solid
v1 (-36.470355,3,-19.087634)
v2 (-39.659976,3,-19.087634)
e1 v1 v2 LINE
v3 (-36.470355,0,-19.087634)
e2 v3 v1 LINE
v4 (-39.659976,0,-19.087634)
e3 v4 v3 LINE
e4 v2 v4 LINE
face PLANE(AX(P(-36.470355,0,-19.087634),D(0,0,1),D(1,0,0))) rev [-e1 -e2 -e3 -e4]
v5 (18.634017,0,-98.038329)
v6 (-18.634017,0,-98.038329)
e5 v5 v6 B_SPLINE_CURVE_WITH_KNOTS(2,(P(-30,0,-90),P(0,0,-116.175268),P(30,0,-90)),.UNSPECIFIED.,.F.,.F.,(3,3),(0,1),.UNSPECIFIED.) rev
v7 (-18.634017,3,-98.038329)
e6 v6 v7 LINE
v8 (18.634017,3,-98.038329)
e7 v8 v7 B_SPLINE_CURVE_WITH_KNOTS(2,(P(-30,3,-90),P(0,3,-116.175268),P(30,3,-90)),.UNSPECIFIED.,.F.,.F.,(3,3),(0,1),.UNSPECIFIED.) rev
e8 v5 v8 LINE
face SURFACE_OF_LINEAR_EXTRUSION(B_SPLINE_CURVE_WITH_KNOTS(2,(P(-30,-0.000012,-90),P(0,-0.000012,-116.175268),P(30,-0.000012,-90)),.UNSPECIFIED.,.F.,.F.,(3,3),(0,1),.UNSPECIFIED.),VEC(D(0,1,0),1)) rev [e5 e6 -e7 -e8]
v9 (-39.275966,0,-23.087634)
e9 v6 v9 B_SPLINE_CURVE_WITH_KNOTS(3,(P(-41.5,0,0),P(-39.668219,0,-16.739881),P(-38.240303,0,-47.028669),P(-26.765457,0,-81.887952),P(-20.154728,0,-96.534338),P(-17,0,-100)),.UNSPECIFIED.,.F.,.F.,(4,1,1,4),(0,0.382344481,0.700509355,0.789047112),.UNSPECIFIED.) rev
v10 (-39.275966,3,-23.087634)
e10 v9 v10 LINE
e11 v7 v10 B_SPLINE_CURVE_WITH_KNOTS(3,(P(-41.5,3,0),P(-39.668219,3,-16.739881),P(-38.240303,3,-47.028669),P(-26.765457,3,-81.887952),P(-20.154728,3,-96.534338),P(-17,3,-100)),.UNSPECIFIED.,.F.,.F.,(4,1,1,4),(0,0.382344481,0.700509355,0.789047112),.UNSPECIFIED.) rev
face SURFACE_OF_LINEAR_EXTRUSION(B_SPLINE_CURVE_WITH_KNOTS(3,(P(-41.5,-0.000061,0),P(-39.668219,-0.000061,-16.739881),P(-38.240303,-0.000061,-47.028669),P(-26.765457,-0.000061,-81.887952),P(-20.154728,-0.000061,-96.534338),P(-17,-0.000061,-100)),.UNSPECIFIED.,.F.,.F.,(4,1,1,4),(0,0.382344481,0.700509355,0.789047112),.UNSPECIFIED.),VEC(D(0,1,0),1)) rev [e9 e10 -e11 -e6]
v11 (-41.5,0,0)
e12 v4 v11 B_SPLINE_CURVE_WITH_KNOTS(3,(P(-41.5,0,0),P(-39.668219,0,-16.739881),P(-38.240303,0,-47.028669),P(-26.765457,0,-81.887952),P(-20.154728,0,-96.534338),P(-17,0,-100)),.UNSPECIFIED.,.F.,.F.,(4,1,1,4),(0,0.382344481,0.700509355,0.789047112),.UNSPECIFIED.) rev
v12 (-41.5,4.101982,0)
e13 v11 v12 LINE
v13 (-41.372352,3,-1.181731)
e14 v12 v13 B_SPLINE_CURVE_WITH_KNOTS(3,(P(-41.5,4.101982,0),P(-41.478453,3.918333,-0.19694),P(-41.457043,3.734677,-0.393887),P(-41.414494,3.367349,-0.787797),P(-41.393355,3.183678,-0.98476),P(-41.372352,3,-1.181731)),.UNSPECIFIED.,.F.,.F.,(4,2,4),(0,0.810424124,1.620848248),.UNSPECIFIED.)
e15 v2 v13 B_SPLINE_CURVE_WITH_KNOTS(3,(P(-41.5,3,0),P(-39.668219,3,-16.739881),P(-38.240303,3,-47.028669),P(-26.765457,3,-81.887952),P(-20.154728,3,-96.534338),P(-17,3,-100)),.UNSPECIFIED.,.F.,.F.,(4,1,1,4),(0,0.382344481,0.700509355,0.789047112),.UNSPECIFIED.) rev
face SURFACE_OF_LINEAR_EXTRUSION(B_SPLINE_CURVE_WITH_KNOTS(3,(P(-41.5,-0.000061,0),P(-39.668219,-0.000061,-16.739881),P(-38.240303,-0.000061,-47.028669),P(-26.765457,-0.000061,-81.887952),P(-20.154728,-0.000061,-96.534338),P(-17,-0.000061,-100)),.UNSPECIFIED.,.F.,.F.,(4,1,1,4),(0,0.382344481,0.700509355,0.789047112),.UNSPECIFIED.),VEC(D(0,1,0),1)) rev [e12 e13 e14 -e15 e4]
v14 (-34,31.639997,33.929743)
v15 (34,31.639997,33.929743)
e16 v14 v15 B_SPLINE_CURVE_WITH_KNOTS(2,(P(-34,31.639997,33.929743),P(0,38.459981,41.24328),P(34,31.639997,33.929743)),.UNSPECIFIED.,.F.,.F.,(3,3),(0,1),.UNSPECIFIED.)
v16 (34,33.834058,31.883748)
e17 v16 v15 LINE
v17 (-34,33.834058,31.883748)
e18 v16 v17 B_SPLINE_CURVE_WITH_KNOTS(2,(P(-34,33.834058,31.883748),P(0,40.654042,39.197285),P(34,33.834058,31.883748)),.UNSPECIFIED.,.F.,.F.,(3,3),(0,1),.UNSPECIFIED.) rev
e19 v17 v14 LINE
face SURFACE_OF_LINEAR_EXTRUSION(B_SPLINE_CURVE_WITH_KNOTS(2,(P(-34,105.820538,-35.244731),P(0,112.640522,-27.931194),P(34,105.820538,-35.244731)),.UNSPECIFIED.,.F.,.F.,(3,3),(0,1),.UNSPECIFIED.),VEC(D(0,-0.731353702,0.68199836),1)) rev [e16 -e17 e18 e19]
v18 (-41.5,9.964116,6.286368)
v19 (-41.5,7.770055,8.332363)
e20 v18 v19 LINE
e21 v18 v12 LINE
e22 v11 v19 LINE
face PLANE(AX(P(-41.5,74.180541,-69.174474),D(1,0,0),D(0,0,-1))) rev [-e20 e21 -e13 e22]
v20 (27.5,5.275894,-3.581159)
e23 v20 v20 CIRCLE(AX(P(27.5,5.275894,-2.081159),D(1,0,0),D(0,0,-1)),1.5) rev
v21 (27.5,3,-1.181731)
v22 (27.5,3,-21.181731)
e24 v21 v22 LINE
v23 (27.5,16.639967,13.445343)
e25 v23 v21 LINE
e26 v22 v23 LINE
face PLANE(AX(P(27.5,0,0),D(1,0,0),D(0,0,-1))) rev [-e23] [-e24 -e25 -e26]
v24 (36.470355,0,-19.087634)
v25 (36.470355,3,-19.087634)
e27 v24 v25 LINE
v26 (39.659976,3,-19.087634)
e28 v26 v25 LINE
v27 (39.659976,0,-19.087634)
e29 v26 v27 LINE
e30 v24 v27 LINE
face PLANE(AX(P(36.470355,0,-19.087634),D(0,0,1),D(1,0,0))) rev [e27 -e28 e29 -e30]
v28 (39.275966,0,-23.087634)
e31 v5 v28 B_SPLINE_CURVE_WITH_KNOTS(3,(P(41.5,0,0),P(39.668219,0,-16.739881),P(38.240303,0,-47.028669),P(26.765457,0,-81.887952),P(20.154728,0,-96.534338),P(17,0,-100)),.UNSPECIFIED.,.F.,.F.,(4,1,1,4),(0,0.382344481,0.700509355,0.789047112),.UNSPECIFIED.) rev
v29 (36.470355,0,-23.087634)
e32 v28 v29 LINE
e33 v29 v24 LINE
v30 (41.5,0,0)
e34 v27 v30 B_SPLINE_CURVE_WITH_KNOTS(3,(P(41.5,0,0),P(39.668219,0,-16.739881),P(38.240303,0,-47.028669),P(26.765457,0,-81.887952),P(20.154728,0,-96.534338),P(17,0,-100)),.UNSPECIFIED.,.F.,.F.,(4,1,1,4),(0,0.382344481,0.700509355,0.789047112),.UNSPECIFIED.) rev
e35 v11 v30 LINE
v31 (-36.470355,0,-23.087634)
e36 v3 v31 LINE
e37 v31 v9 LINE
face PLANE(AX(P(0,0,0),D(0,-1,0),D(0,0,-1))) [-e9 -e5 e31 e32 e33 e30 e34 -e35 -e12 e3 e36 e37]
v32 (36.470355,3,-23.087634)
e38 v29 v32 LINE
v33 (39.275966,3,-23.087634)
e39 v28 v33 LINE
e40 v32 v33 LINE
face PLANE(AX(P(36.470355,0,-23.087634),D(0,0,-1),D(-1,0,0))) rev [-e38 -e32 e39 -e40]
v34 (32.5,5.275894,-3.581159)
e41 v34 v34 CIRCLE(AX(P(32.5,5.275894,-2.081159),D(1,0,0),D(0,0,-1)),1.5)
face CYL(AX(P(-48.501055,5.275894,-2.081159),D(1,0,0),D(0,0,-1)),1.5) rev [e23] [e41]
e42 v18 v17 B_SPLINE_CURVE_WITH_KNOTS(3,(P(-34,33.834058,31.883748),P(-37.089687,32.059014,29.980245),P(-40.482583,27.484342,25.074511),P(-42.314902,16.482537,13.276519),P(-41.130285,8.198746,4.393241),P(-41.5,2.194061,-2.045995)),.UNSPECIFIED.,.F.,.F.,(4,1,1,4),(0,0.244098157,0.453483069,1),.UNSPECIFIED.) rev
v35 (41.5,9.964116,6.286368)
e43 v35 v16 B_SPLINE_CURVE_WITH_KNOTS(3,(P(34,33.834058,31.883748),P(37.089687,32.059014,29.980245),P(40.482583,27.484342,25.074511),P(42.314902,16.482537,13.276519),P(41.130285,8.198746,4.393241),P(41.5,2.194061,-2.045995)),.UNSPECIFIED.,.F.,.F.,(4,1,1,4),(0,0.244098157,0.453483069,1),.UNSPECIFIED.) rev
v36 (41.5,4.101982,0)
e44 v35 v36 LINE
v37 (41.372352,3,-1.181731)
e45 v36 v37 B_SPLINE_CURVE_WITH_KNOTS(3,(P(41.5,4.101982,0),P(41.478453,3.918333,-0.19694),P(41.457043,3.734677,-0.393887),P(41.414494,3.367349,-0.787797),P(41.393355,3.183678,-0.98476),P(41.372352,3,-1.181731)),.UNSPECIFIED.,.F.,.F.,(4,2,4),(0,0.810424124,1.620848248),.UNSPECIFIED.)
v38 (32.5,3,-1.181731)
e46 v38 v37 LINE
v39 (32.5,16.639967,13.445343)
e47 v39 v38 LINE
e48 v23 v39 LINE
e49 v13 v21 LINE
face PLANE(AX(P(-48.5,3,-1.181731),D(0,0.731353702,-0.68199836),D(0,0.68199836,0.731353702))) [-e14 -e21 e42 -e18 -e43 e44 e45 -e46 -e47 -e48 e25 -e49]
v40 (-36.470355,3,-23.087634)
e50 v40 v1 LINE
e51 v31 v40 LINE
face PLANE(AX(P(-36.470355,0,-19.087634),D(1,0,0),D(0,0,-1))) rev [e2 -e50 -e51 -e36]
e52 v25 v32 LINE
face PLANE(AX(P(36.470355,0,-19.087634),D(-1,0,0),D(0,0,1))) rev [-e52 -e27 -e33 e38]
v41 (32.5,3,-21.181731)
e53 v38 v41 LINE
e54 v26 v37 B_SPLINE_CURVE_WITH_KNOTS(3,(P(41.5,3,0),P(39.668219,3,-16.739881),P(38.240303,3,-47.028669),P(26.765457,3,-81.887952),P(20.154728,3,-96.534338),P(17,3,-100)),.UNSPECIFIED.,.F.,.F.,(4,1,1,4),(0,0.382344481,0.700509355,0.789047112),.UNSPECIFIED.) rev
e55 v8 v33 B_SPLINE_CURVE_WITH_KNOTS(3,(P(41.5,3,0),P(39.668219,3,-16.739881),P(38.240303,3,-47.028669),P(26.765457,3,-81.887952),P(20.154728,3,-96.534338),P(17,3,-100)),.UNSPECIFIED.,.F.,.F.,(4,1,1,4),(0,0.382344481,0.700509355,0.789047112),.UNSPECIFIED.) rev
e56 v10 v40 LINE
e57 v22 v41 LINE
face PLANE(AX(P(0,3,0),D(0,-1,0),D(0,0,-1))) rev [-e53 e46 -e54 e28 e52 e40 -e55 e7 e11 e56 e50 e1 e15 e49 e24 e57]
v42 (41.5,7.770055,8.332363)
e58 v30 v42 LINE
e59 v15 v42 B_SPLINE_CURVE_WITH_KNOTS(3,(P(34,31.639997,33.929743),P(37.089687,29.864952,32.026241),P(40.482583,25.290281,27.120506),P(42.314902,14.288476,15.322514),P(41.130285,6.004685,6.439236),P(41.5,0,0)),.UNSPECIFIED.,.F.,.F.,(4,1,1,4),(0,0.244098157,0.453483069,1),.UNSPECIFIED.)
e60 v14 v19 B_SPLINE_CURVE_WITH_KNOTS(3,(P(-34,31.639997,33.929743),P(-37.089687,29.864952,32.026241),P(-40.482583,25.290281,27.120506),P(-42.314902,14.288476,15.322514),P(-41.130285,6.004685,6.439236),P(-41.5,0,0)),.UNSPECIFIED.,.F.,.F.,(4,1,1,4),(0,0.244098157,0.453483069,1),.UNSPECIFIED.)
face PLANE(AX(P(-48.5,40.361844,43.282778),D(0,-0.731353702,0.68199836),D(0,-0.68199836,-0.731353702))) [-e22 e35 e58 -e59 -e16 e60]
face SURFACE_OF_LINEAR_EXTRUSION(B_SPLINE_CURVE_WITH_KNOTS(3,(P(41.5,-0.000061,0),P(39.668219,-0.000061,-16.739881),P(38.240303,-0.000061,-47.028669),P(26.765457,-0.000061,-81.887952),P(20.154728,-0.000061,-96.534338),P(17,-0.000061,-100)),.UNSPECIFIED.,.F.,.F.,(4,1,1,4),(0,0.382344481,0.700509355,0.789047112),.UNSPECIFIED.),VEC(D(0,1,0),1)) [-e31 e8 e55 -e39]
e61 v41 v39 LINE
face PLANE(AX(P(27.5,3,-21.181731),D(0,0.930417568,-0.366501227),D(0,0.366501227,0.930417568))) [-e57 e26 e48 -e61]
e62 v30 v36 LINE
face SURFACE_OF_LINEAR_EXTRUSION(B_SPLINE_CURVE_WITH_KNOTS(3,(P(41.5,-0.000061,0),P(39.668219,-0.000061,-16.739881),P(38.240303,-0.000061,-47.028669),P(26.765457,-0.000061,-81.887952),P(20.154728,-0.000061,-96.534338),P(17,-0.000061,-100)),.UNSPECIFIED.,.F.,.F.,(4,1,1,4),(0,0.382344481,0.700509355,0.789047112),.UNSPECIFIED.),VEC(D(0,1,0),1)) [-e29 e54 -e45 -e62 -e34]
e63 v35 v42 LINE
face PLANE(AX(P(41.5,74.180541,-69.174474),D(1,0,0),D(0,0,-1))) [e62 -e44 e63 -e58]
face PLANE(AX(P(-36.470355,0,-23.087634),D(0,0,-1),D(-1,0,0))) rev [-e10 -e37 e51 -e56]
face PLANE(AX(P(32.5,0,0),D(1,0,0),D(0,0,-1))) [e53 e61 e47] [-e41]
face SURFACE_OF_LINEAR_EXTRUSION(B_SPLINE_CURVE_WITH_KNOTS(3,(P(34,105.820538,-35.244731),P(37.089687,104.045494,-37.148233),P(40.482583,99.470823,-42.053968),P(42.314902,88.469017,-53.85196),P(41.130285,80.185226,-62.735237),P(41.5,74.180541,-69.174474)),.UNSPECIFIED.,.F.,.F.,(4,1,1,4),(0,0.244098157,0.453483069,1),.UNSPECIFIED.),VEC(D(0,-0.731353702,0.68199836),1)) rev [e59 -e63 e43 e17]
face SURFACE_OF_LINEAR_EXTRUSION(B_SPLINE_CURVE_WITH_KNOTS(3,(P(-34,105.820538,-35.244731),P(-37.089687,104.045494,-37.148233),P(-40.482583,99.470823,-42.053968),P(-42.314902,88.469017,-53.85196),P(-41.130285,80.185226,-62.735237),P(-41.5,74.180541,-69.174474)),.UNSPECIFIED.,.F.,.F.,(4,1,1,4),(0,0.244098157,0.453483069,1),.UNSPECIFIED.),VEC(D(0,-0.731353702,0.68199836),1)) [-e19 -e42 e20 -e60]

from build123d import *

# Parameters (mm, degrees)
BOSS_EXTRUDE3_DEPTH      = 48.5
BOSS_EXTRUDE3_DEPTH_BACK = 48.5
SKETCH5_W                = 97
SKETCH5_H                = 112
BOSS_EXTRUDE4_DEPTH      = 3
CUT_EXTRUDE2_DEPTH       = 130.256547379
CUT_EXTRUDE2_DEPTH_BACK  = 130.256547379
CUT_EXTRUDE4_DEPTH       = 3
BOSS_EXTRUDE5_DEPTH      = 2.5
BOSS_EXTRUDE5_DEPTH_BACK = 2.5
BOSS_EXTRUDE5_START      = 30
CUT_EXTRUDE5_REACH       = 139.837
SKETCH7_R                = 1.5
CUT_EXTRUDE6_DEPTH       = 122.615440307
CUT_EXTRUDE6_DEPTH_BACK  = 122.615440307
CUT_EXTRUDE7_DEPTH       = 122.12407756
CUT_EXTRUDE7_DEPTH_BACK  = 122.12407756
CUT_EXTRUDE8_DEPTH       = 117.339027133
CUT_EXTRUDE8_DEPTH_BACK  = 117.339027133
SKETCH10_W               = 6
SKETCH10_H               = 4


with BuildPart() as part:
    # Sketch2 → Boss-Extrude3 (new, two sides: drawn at the far end of the back side and taken through both)
    with BuildSketch(Plane(origin=(0, 0, 0), x_dir=(0, 0, -1), z_dir=(1, 0, 0)).offset(-BOSS_EXTRUDE3_DEPTH_BACK)):
        Polygon((0, 3), (0, 0), (-43.282778347, 40.361843779), (-41.236783267, 42.555904884), (1.181731427, 3), align=None)
    extrude(amount=BOSS_EXTRUDE3_DEPTH + BOSS_EXTRUDE3_DEPTH_BACK)

    # Sketch5 → Boss-Extrude4 (add)
    with BuildSketch(Plane(origin=(0, 0, 0), x_dir=(1, 0, 0), z_dir=(0, 1, 0))):
        with Locations((0, 56)):
            Rectangle(SKETCH5_W, SKETCH5_H)
    extrude(amount=BOSS_EXTRUDE4_DEPTH)

    # Sketch1 → Cut-Extrude2 (cut, two sides: drawn at the far end of the back side and taken through both)
    with BuildSketch(Plane(origin=(0, 0, 0), x_dir=(1, 0, 0), z_dir=(0, 1, 0)).offset(-CUT_EXTRUDE2_DEPTH_BACK)):
        with BuildLine():
            Line((-48.5, 112), (-48.5, 0))
            add(Edge.make_bspline(
                [(-48.5, 0), (-46.668219381, 16.73988075), (-45.240302981, 47.028669482), (-35.05303198, 77.976446005), (-30, 90)],
                knots=[0, 0, 0, 0, 0.382344481, 0.700509355, 0.700509355, 0.700509355, 0.700509355], degree=3))
            add(Edge.make_bspline(
                [(-30, 90), (0, 116.175267558), (30, 90)],
                knots=[0, 0, 0, 1, 1, 1], degree=2))
            add(Edge.make_bspline(
                [(48.5, 0), (46.668219381, 16.73988075), (45.240302981, 47.028669482), (35.05303198, 77.976446005), (30, 90)],
                knots=[0, 0, 0, 0, 0.382344481, 0.700509355, 0.700509355, 0.700509355, 0.700509355], degree=3))
            Line((48.5, 0), (48.5, 112))
            Line((48.5, 112), (0.000604535, 112))
            add(Edge.make_bspline(
                [(0.000604535, 112), (0.000402118, 112.000000335), (0.000200606, 112), (0, 112)],
                knots=[0.499749242, 0.499749242, 0.499749242, 0.499749242, 0.5, 0.5, 0.5, 0.5], degree=3))
            add(Edge.make_bspline(
                [(-0.000604535, 112), (-0.000402118, 112.000000335), (-0.000200606, 112), (0, 112)],
                knots=[0.499749242, 0.499749242, 0.499749242, 0.499749242, 0.5, 0.5, 0.5, 0.5], degree=3))
            Line((-0.000604535, 112), (-48.5, 112))
        make_face()
    extrude(amount=CUT_EXTRUDE2_DEPTH + CUT_EXTRUDE2_DEPTH_BACK, mode=Mode.SUBTRACT)

    # Sketch3 → Cut-Extrude4 (cut)
    with BuildSketch(Plane(origin=(0, 2.194061105, -2.04599508), x_dir=(1, 0, 0), z_dir=(0, 0.7313537016191954, -0.6819983600624717))):
        with BuildLine():
            add(Edge.make_bspline(
                [(0.003253746, -59.181731489), (0.002169164, -59.181731447), (0.001084582, -59.181731427), (-11.666666667, -59.181731427), (-23.333333333, -58.181731427), (-35, -56.181731427)],
                knots=[0.5, 0.5, 0.5, 0.5, 0.500017125, 0.500017125, 0.68423249, 0.68423249, 0.68423249, 0.68423249], degree=3))
            add(Edge.make_bspline(
                [(-48.5, -21.181731427), (-48.417358315, -22.852595783), (-47.967318833, -26.18014585), (-47.488346612, -31.180984412), (-47.077284528, -36.21090256), (-46.163364333, -41.331987069), (-44.016260247, -46.352305403), (-40.960990685, -51.961105588), (-37.244446824, -54.910271793), (-35, -56.181731427)],
                knots=[0.083959733, 0.083959733, 0.083959733, 0.083959733, 0.112085896, 0.140212058, 0.168338221, 0.196879042, 0.227021509, 0.259659186, 0.303375618, 0.303375618, 0.303375618, 0.303375618], degree=3))
            Line((-48.5, -21.181731427), (-48.5, -61.181731427))
            Line((-48.5, -61.181731427), (48.5, -61.181731427))
            Line((48.5, -61.181731427), (48.5, -21.181731427))
            add(Edge.make_bspline(
                [(35, -56.181731427), (37.244446825, -54.910271793), (40.960990685, -51.961105588), (44.016260247, -46.352305403), (46.163364333, -41.331987069), (47.077284528, -36.21090256), (47.488346612, -31.180984412), (47.967318833, -26.18014585), (48.417358315, -22.852595783), (48.5, -21.181731427)],
                knots=[0.696624382, 0.696624382, 0.696624382, 0.696624382, 0.740340814, 0.772978491, 0.803120958, 0.831661779, 0.859787942, 0.887914104, 0.916040267, 0.916040267, 0.916040267, 0.916040267], degree=3))
            add(Edge.make_bspline(
                [(0.003253746, -59.181731401), (17.501626873, -59.181452534), (35, -56.181731427)],
                knots=[0.500046482, 0.500046482, 0.500046482, 1, 1, 1], degree=2))
        make_face()
    extrude(amount=-CUT_EXTRUDE4_DEPTH, mode=Mode.SUBTRACT)

    # Sketch6 → Boss-Extrude5 (add, two sides: drawn at the far end of the back side and taken through both)
    with BuildSketch(Plane(origin=(0, 0, 0), x_dir=(0, 0, -1), z_dir=(1, 0, 0)).offset(BOSS_EXTRUDE5_START - BOSS_EXTRUDE5_DEPTH_BACK)):
        Polygon((-13.445342606, 16.639967201), (1.181731427, 3), (21.181731427, 3), align=None)
    extrude(amount=BOSS_EXTRUDE5_DEPTH + BOSS_EXTRUDE5_DEPTH_BACK)

    # Sketch7 → Cut-Extrude5 (cut, up to next)
    with BuildSketch(Plane(origin=(32.5, 0, 0), x_dir=(0, 0, -1), z_dir=(1, 0, 0)), mode=Mode.PRIVATE) as cut_extrude5_sk1:
        with Locations((2.081159003, 5.275894374)):
            Circle(SKETCH7_R)
    cut_extrude5_tool1 = extrude(cut_extrude5_sk1.sketch, amount=-CUT_EXTRUDE5_REACH, mode=Mode.PRIVATE) & part.part
    add(cut_extrude5_tool1.solids().sort_by_distance((32.5, 5.275894, -2.081159))[0], mode=Mode.SUBTRACT)

    # Sketch8 → Cut-Extrude6 (cut, two sides: drawn at the far end of the back side and taken through both)
    with BuildSketch(Plane(origin=(0, 0, 0), x_dir=(1, 0, 0), z_dir=(0, 1, 0)).offset(-CUT_EXTRUDE6_DEPTH_BACK)):
        with BuildLine():
            Line((-54.764420155, 0), (-41.5, 0))
            add(Edge.make_bspline(
                [(-41.5, 0), (-39.668219381, 16.73988075), (-38.240302981, 47.028669482), (-26.765457272, 81.887952266), (-20.154727783, 96.534338226), (-17, 100)],
                knots=[0, 0, 0, 0, 0.382344481, 0.700509355, 0.789047112, 0.789047112, 0.789047112, 0.789047112], degree=3))
            add(Edge.make_bspline(
                [(-17, 100), (0, 120), (17, 100)],
                knots=[0, 0, 0, 1, 1, 1], degree=2))
            add(Edge.make_bspline(
                [(41.5, 0), (39.668219381, 16.73988075), (38.240302981, 47.028669482), (26.765457272, 81.887952266), (20.154727783, 96.534338226), (17, 100)],
                knots=[0, 0, 0, 0, 0.382344481, 0.700509355, 0.789047112, 0.789047112, 0.789047112, 0.789047112], degree=3))
            Line((41.5, 0), (52.945964887, 0))
            Line((52.945964887, 0), (52.945964887, 112))
            Line((52.945964887, 112), (0.000604535, 112))
            add(Edge.make_bspline(
                [(0.000604535, 112), (0.000402118, 112.000000335), (0.000200606, 112), (-0.000200606, 112), (-0.000402118, 112.000000335), (-0.000604535, 112)],
                knots=[0.499749242, 0.499749242, 0.499749242, 0.499749242, 0.5, 0.5, 0.500250758, 0.500250758, 0.500250758, 0.500250758], degree=3))
            Line((-0.000604535, 112), (-54.764420155, 112))
            Line((-54.764420155, 112), (-54.764420155, 0))
        make_face()
    extrude(amount=CUT_EXTRUDE6_DEPTH + CUT_EXTRUDE6_DEPTH_BACK, mode=Mode.SUBTRACT)

    # Sketch9 → Cut-Extrude7 (cut, two sides: drawn at the far end of the back side and taken through both)
    with BuildSketch(Plane(origin=(0, -0.88962398, -0.95400492), x_dir=(1, 0, 0), z_dir=(0, -0.7313537016191742, 0.6819983600624945)).offset(-CUT_EXTRUDE7_DEPTH_BACK)):
        with BuildLine():
            Line((-48.5, 1.304437125), (-41.5, 1.304437125))
            Line((-41.5, 1.304437125), (-41.5, 12.697506333))
            add(Edge.make_bspline(
                [(-41.5, 12.697506333), (-41.619417946, 17.695292117), (-41.882631341, 26.061036421), (-40.482582838, 38.387050164), (-37.089687463, 45.094795293), (-34, 47.697506333)],
                knots=[0.453483069, 0.453483069, 0.453483069, 0.453483069, 0.764085595, 0.973470506, 1.217568664, 1.217568664, 1.217568664, 1.217568664], degree=3))
            add(Edge.make_bspline(
                [(-34, 47.697506333), (0, 57.697506333), (34, 47.697506333)],
                knots=[0, 0, 0, 1, 1, 1], degree=2))
            add(Edge.make_bspline(
                [(34, 47.697506333), (37.089687463, 45.094795293), (40.482582838, 38.387050164), (41.882631341, 26.061036421), (41.619417946, 17.695292117), (41.5, 12.697506333)],
                knots=[0, 0, 0, 0, 0.244098157, 0.453483069, 0.764085595, 0.764085595, 0.764085595, 0.764085595], degree=3))
            Line((41.5, 12.697506333), (41.5, 1.304437125))
            Line((41.5, 1.304437125), (48.5, 1.304437125))
            Line((48.5, 1.304437125), (52.410754568, 1.304437125))
            Line((52.410754568, 1.304437125), (52.410754568, 62.418268573))
            Line((52.410754568, 62.418268573), (-55.183679752, 62.418268573))
            Line((-55.183679752, 62.418268573), (-55.183679752, 1.304437125))
            Line((-55.183679752, 1.304437125), (-48.5, 1.304437125))
        make_face()
    extrude(amount=CUT_EXTRUDE7_DEPTH + CUT_EXTRUDE7_DEPTH_BACK, mode=Mode.SUBTRACT)

    # Sketch10 → Cut-Extrude8 (cut, two sides: drawn at the far end of the back side and taken through both)
    with BuildSketch(Plane(origin=(0, 3, 0), x_dir=(1, 0, 0), z_dir=(0, 1, 0)).offset(-CUT_EXTRUDE8_DEPTH_BACK)):
        with Locations((-39.47035467, 21.087633779)):
            Rectangle(SKETCH10_W, SKETCH10_H)
        with Locations((39.47035467, 21.087633779)):
            Rectangle(SKETCH10_W, SKETCH10_H)
    extrude(amount=CUT_EXTRUDE8_DEPTH + CUT_EXTRUDE8_DEPTH_BACK, mode=Mode.SUBTRACT)


solid = part.part
